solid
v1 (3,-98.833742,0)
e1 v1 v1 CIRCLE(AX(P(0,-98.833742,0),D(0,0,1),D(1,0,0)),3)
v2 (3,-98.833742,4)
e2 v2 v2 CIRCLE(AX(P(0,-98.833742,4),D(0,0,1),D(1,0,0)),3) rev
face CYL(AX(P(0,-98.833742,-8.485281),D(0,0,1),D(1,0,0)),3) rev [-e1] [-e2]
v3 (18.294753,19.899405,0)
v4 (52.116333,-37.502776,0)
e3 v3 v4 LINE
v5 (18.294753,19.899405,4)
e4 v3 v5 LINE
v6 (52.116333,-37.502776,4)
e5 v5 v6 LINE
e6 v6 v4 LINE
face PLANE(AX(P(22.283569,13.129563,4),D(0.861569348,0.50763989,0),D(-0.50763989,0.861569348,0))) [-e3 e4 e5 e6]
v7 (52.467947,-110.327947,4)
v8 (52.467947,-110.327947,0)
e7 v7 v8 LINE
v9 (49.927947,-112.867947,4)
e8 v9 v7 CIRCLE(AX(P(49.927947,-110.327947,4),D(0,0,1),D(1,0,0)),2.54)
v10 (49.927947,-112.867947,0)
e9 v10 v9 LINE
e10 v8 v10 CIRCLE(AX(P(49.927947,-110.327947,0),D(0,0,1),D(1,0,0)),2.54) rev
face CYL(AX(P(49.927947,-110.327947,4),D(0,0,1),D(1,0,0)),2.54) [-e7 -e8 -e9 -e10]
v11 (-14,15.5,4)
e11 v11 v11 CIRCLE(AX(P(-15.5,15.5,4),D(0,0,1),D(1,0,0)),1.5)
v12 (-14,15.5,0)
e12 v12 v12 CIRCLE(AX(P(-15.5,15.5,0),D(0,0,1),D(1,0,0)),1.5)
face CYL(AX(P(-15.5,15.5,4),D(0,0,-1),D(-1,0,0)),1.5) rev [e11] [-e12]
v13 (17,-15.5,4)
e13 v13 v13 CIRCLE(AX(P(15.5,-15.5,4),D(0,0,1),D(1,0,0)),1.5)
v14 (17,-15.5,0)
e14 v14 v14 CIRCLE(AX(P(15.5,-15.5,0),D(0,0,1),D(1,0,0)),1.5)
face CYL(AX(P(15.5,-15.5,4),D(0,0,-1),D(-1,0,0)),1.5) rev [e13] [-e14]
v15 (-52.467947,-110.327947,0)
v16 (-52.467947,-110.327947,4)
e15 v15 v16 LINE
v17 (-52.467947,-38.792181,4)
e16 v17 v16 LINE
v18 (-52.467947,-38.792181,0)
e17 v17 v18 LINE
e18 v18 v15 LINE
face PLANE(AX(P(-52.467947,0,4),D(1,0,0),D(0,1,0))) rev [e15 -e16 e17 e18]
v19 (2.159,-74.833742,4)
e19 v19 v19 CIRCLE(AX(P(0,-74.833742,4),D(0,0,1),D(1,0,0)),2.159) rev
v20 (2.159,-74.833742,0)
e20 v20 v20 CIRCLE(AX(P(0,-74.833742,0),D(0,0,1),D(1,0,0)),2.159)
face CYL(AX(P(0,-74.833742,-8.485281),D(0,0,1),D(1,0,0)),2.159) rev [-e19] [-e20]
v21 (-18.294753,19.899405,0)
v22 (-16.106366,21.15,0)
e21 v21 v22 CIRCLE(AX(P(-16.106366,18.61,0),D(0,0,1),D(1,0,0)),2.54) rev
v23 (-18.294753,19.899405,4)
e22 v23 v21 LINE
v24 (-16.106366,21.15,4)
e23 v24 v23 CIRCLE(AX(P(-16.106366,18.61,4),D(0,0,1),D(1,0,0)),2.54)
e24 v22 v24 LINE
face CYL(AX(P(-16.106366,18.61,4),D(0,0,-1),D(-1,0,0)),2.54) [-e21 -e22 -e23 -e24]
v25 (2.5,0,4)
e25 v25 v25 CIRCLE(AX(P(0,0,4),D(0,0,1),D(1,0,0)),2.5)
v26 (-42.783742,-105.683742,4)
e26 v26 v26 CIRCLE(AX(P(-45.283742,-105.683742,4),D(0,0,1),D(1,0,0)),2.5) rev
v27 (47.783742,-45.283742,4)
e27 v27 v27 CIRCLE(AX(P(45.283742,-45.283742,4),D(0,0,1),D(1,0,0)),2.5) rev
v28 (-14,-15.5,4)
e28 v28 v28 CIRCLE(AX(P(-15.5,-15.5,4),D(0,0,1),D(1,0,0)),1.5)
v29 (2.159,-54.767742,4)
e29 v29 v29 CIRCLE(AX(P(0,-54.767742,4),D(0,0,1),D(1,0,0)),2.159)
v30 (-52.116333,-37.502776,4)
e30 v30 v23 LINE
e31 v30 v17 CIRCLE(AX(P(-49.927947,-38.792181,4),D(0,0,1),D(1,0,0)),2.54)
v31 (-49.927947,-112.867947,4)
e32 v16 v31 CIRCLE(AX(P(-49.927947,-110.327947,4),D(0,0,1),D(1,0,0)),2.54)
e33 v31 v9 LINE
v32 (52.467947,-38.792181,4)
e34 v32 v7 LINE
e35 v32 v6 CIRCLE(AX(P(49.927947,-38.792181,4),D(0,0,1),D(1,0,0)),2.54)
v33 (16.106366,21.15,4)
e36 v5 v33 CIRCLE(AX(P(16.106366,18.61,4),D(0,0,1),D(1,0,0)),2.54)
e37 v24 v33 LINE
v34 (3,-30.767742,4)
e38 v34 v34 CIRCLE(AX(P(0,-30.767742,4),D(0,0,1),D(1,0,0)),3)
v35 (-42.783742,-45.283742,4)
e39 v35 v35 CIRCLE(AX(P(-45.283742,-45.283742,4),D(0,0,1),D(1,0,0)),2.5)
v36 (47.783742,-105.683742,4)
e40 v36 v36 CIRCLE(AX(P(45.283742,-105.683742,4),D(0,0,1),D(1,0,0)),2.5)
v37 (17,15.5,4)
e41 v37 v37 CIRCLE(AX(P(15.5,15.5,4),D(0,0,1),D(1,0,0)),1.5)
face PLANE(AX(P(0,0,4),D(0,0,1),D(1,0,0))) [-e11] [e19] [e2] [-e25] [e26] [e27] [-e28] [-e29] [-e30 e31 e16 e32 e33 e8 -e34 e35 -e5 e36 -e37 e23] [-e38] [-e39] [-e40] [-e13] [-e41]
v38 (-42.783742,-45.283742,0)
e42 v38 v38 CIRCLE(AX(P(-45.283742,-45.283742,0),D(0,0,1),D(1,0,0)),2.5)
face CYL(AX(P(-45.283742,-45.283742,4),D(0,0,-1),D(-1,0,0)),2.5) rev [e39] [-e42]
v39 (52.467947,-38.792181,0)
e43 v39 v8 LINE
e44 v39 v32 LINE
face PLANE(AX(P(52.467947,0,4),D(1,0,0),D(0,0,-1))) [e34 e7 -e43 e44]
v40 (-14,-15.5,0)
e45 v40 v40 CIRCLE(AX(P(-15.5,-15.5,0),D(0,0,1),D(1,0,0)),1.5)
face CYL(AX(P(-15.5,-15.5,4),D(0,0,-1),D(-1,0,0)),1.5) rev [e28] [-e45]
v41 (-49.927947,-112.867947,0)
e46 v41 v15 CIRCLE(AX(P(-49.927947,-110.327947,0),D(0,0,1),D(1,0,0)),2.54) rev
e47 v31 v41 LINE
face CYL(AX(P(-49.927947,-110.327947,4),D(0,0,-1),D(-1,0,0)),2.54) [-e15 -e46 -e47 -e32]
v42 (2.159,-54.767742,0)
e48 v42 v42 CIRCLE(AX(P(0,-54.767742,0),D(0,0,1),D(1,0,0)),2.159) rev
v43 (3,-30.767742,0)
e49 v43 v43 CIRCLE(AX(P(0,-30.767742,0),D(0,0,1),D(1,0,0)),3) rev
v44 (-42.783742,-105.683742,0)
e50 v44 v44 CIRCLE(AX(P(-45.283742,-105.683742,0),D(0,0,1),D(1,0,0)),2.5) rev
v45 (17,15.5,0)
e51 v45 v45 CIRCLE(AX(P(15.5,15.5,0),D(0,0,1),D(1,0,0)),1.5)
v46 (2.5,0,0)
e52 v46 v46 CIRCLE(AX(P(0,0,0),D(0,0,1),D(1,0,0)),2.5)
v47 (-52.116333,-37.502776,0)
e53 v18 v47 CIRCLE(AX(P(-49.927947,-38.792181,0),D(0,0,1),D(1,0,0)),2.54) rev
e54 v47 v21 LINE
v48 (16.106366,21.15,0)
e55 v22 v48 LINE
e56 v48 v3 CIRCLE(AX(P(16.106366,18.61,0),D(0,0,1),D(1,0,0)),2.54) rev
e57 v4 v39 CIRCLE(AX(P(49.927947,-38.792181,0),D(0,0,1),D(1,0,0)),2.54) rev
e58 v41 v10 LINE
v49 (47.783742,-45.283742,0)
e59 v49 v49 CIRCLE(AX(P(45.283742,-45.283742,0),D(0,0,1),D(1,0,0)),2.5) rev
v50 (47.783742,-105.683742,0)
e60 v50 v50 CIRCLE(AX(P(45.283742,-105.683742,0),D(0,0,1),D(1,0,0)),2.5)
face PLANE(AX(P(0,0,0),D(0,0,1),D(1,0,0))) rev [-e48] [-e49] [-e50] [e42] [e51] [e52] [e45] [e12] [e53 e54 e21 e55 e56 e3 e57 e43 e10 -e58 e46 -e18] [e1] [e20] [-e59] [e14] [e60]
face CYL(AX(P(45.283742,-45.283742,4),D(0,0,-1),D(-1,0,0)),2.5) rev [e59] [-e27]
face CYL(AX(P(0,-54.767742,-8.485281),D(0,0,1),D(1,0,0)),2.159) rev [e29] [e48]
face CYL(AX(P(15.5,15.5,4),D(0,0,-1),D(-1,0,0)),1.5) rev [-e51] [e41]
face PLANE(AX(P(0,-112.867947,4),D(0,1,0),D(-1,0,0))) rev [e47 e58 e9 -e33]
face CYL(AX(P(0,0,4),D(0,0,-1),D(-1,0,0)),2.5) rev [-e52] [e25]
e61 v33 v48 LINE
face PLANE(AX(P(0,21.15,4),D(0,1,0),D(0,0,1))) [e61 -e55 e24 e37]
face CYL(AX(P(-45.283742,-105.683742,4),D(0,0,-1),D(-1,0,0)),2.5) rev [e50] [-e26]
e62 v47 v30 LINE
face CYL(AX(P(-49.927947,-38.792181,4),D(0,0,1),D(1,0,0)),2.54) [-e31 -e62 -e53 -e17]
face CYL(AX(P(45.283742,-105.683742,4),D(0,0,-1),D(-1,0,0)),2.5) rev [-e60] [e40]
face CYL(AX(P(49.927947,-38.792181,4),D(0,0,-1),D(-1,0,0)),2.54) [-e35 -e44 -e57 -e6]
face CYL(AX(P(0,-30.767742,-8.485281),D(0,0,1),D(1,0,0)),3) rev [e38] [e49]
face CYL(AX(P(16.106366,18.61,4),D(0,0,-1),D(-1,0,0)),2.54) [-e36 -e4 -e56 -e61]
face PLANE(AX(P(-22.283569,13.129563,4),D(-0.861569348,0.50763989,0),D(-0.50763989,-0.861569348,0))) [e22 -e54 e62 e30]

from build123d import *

# Parameters (mm, degrees)
SKETCH4_R           = 2.5
SKETCH4_R_2         = 1.5
BOSS_EXTRUDE1_DEPTH = 4
SKETCH5_R           = 2.159
SKETCH5_R_2         = 3
CUT_EXTRUDE1_DEPTH  = 4
FILLET1_R           = 2.54


with BuildPart() as part:
    # Sketch4 → Boss-Extrude1 (new body)
    with BuildSketch(Plane.XY):
        Polygon((-52.467947032, -38.099537239), (-52.467947032, -112.867947032), (52.467947032, -112.867947032), (52.467947032, -38.099537239), (17.557897552, 21.15), (-17.557897552, 21.15), align=None)
        with Locations((-45.283742135, -45.283742135)):
            Circle(SKETCH4_R, mode=Mode.SUBTRACT)
        with Locations((45.283742135, -45.283742135)):
            Circle(SKETCH4_R, mode=Mode.SUBTRACT)
        with Locations((45.283742135, -105.683742135)):
            Circle(SKETCH4_R, mode=Mode.SUBTRACT)
        with Locations((-45.283742135, -105.683742135)):
            Circle(SKETCH4_R, mode=Mode.SUBTRACT)
        with Locations((-15.5, -15.5)):
            Circle(SKETCH4_R_2, mode=Mode.SUBTRACT)
        with Locations((-15.5, 15.5)):
            Circle(SKETCH4_R_2, mode=Mode.SUBTRACT)
        with Locations((15.5, 15.5)):
            Circle(SKETCH4_R_2, mode=Mode.SUBTRACT)
        with Locations((15.5, -15.5)):
            Circle(SKETCH4_R_2, mode=Mode.SUBTRACT)
        Circle(SKETCH4_R, mode=Mode.SUBTRACT)
    extrude(amount=BOSS_EXTRUDE1_DEPTH)

    # Sketch5 → Cut-Extrude1 (cut)
    with BuildSketch(Plane.XY.offset(4)):
        with Locations((0, -54.767742135)):
            Circle(SKETCH5_R)
        with Locations((0, -74.833742135)):
            Circle(SKETCH5_R)
        with Locations((0, -30.767742135)):
            Circle(SKETCH5_R_2)
        with Locations((0, -98.833742135)):
            Circle(SKETCH5_R_2)
    extrude(amount=-CUT_EXTRUDE1_DEPTH, mode=Mode.SUBTRACT)

    # Fillet1
    fillet1_edges = [part.edges().sort_by_distance(p)[0] for p in [
        (-52.467947032, -38.099537239, 2),
        (-17.557897552, 21.15, 2),
        (17.557897552, 21.15, 2),
        (52.467947032, -38.099537239, 2),
        (52.467947032, -112.867947032, 2),
        (-52.467947032, -112.867947032, 2),
    ]]
    fillet(fillet1_edges, radius=FILLET1_R)


solid = part.part
